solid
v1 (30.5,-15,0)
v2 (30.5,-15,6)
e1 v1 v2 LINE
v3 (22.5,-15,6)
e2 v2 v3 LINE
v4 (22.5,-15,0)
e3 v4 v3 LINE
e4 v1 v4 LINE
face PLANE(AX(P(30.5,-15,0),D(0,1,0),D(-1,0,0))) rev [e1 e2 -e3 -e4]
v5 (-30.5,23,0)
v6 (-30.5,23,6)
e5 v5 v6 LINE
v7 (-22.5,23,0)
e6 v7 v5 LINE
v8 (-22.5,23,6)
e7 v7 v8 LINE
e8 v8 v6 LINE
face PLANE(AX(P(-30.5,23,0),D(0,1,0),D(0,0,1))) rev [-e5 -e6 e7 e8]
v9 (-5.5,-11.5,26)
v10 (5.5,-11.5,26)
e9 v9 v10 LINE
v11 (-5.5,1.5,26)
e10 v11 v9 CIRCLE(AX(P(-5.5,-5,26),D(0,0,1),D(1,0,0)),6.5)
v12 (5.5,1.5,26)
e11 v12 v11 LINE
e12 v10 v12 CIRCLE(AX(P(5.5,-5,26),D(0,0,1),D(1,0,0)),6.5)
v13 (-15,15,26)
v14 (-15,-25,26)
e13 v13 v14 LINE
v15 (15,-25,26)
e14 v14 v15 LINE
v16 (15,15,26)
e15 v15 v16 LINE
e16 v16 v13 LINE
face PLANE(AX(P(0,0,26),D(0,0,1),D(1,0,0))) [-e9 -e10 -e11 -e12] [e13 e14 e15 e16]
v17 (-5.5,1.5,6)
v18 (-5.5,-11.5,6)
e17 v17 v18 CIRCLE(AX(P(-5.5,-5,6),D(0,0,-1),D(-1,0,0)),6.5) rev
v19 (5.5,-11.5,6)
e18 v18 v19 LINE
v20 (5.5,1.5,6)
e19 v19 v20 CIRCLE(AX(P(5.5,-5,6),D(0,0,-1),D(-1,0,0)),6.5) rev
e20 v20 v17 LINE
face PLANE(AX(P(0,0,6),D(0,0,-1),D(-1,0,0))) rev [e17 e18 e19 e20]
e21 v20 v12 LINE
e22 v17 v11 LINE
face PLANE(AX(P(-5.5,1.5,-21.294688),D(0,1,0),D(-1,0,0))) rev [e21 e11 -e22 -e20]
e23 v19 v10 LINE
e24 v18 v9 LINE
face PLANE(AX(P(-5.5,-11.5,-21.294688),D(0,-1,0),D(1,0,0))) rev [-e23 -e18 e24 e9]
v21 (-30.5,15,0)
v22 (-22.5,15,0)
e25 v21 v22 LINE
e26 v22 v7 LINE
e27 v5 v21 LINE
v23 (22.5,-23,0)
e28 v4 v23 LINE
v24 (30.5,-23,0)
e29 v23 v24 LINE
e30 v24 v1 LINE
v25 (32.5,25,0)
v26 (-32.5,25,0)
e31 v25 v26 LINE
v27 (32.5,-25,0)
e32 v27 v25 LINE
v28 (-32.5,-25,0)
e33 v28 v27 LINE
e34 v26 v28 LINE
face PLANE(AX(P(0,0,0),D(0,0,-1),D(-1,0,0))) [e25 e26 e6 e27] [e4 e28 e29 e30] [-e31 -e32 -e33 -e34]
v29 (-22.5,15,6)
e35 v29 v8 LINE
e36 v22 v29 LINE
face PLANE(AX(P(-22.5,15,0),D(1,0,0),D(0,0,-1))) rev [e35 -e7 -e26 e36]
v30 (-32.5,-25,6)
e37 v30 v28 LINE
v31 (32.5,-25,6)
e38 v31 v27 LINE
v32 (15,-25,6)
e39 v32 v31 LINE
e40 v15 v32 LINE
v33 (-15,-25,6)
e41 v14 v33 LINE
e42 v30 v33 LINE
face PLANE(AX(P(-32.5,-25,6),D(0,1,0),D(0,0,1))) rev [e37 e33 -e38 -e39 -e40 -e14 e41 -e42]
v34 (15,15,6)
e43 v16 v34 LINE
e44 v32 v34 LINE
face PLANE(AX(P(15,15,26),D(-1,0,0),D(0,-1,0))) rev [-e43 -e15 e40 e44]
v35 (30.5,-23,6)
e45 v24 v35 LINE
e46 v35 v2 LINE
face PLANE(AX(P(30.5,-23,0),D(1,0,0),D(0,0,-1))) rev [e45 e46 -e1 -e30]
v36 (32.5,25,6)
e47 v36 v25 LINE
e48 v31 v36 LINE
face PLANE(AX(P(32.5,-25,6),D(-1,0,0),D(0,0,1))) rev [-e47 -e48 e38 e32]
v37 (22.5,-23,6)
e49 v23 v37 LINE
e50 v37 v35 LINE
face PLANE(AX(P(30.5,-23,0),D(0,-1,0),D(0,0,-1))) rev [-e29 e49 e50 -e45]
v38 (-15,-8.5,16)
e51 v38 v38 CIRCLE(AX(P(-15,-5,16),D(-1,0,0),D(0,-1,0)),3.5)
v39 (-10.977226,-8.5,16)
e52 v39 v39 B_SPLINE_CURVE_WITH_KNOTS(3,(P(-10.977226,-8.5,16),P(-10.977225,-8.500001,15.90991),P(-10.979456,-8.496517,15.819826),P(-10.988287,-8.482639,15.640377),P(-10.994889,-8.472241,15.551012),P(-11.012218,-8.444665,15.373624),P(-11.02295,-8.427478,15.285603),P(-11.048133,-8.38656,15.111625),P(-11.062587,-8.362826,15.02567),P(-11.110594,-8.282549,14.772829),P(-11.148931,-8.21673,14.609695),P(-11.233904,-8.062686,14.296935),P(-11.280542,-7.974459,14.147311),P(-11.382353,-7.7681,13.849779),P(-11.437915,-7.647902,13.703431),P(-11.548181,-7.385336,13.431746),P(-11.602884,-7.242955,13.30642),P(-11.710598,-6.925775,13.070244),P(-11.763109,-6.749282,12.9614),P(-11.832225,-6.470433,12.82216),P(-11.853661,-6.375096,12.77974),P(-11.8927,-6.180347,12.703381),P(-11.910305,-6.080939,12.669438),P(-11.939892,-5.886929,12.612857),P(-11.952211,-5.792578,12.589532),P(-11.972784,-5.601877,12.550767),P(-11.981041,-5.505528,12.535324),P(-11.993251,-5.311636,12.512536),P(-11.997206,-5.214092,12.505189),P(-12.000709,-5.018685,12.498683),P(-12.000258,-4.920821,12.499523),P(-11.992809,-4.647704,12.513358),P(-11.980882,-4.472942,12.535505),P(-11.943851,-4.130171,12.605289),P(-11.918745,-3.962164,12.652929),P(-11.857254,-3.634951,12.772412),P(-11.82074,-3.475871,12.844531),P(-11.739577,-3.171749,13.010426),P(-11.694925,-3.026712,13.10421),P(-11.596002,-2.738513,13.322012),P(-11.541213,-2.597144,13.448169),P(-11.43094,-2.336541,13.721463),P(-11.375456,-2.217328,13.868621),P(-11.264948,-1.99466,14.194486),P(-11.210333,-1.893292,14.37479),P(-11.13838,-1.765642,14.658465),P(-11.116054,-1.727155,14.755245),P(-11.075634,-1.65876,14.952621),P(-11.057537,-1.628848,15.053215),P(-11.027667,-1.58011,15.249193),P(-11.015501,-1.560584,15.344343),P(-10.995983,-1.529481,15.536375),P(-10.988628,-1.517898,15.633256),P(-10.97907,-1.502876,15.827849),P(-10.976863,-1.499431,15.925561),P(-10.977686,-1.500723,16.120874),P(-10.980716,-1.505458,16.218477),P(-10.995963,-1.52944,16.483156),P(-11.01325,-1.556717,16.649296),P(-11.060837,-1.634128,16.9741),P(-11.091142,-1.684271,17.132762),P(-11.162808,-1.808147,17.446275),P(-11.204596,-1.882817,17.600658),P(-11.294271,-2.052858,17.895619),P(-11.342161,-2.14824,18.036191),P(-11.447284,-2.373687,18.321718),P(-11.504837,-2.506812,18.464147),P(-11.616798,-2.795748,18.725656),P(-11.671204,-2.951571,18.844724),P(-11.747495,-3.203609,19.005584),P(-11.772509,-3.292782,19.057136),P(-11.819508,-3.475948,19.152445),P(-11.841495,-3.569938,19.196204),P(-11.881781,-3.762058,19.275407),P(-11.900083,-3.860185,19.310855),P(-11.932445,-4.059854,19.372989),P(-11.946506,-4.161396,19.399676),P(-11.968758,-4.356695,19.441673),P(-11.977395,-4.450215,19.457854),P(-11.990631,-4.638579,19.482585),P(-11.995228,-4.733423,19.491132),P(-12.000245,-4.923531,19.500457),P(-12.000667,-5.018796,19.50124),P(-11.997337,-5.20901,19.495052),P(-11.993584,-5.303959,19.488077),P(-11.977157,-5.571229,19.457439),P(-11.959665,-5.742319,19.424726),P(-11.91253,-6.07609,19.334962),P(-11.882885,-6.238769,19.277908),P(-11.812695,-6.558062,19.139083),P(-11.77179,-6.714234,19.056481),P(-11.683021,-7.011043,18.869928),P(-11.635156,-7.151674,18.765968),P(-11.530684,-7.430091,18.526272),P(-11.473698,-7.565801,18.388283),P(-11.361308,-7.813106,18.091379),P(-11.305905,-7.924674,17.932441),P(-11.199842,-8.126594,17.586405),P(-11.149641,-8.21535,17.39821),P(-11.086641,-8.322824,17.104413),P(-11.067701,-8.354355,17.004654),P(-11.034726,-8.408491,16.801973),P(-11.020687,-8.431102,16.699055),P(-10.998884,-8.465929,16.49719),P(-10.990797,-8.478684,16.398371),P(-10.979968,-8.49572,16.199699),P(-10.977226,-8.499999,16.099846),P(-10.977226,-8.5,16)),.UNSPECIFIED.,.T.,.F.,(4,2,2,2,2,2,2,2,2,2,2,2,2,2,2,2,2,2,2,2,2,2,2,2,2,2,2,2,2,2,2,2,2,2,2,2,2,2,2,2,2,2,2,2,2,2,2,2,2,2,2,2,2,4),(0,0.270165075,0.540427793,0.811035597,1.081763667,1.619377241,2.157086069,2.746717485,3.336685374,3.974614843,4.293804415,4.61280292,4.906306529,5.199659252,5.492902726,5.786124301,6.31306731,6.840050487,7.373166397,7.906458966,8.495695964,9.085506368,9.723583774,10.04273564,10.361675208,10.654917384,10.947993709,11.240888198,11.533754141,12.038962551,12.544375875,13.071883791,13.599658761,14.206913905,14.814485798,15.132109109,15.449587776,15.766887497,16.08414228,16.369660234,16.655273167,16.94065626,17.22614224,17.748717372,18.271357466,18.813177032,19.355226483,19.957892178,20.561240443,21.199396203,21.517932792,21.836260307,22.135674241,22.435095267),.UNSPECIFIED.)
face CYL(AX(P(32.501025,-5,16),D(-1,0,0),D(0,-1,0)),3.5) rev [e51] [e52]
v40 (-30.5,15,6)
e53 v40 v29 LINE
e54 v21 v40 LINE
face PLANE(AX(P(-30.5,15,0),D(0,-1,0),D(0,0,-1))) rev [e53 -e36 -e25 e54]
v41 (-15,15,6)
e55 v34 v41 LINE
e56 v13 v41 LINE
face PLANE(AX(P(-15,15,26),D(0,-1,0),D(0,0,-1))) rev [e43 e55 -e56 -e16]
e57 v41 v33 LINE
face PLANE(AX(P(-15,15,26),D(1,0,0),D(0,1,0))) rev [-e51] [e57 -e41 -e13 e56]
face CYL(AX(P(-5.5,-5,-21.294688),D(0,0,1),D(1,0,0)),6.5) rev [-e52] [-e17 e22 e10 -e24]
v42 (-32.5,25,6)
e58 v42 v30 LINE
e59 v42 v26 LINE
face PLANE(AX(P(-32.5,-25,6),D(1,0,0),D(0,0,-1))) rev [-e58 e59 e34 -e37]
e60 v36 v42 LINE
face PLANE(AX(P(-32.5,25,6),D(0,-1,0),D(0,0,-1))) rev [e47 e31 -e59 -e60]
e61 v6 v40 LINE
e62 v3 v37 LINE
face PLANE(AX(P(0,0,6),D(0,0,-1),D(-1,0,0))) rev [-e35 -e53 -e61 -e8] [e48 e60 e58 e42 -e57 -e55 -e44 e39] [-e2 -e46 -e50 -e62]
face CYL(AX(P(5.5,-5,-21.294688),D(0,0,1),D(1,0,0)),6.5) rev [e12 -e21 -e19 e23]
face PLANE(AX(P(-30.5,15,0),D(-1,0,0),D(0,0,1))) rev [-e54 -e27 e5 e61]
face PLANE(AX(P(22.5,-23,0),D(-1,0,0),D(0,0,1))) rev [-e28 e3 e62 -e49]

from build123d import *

# Parameters (mm, degrees)
SKETCH_1_W               = 65
SKETCH_1_H               = 50
EXTRUDE_1_DEPTH          = 6
SKETCH_2_W               = 8
SKETCH_2_H               = 8
CUT_EXTRUDE_1_DEPTH      = 42.43971525
SKETCH_3_W               = 30
SKETCH_3_H               = 40
EXTRUDE_2_DEPTH          = 20
CUT_EXTRUDE_2_DEPTH      = 20
CUT_EXTRUDE_3_REACH      = 61.643
CUT_EXTRUDE_3_END_RADIUS = 6.5
SKETCH_5_R               = 3.5


with BuildPart() as part:
    # Эскиз1 → Бобышка-Вытянуть1 (new body)
    with BuildSketch(Plane.XY):
        Rectangle(SKETCH_1_W, SKETCH_1_H)
    extrude(amount=EXTRUDE_1_DEPTH)

    # Эскиз2 → Вырез-Вытянуть1 (cut, through all)
    with BuildSketch(Plane.XY.offset(6)):
        with Locations((-26.5, 19)):
            Rectangle(SKETCH_2_W, SKETCH_2_H)
        with Locations((26.5, -19)):
            Rectangle(SKETCH_2_W, SKETCH_2_H)
    extrude(amount=-CUT_EXTRUDE_1_DEPTH, mode=Mode.SUBTRACT)

    # Эскиз3 → Бобышка-Вытянуть2 (add)
    with BuildSketch(Plane.XY.offset(6)):
        with Locations((0, -5)):
            Rectangle(SKETCH_3_W, SKETCH_3_H)
    extrude(amount=EXTRUDE_2_DEPTH)

    # Эскиз4 → Вырез-Вытянуть2 (cut)
    with BuildSketch(Plane.XY.offset(26)):
        with BuildLine():
            Line((-5.5, 1.5), (5.5, 1.5))
            ThreePointArc((5.5, 1.5), (12, -5), (5.5, -11.5))
            Line((5.5, -11.5), (-5.5, -11.5))
            ThreePointArc((-5.5, -11.5), (-12, -5), (-5.5, 1.5))
        make_face()
    extrude(amount=-CUT_EXTRUDE_2_DEPTH, mode=Mode.SUBTRACT)

    # Вырез-Вытянуть3: up to this cylinder (the profile starts outside it)
    cut_extrude_3_end = Plane(origin=(-5.5, -5, 16), z_dir=(0, 0, 1)) * Cylinder(CUT_EXTRUDE_3_END_RADIUS, 137.286, mode=Mode.PRIVATE)
    # Эскиз5 → Вырез-Вытянуть3 (cut, up to the surface)
    with BuildSketch(Plane.ZY.offset(15), mode=Mode.PRIVATE) as cut_extrude_3_sk1:
        with Locations(Location((16, -5, 0), (0, 0, 270))):
            Circle(SKETCH_5_R)
    cut_extrude_3_tool1 = extrude(cut_extrude_3_sk1.sketch, amount=-CUT_EXTRUDE_3_REACH, mode=Mode.PRIVATE) - cut_extrude_3_end
    add(cut_extrude_3_tool1.solids().sort_by_distance((-15, -5, 16))[0], mode=Mode.SUBTRACT)


solid = part.part
